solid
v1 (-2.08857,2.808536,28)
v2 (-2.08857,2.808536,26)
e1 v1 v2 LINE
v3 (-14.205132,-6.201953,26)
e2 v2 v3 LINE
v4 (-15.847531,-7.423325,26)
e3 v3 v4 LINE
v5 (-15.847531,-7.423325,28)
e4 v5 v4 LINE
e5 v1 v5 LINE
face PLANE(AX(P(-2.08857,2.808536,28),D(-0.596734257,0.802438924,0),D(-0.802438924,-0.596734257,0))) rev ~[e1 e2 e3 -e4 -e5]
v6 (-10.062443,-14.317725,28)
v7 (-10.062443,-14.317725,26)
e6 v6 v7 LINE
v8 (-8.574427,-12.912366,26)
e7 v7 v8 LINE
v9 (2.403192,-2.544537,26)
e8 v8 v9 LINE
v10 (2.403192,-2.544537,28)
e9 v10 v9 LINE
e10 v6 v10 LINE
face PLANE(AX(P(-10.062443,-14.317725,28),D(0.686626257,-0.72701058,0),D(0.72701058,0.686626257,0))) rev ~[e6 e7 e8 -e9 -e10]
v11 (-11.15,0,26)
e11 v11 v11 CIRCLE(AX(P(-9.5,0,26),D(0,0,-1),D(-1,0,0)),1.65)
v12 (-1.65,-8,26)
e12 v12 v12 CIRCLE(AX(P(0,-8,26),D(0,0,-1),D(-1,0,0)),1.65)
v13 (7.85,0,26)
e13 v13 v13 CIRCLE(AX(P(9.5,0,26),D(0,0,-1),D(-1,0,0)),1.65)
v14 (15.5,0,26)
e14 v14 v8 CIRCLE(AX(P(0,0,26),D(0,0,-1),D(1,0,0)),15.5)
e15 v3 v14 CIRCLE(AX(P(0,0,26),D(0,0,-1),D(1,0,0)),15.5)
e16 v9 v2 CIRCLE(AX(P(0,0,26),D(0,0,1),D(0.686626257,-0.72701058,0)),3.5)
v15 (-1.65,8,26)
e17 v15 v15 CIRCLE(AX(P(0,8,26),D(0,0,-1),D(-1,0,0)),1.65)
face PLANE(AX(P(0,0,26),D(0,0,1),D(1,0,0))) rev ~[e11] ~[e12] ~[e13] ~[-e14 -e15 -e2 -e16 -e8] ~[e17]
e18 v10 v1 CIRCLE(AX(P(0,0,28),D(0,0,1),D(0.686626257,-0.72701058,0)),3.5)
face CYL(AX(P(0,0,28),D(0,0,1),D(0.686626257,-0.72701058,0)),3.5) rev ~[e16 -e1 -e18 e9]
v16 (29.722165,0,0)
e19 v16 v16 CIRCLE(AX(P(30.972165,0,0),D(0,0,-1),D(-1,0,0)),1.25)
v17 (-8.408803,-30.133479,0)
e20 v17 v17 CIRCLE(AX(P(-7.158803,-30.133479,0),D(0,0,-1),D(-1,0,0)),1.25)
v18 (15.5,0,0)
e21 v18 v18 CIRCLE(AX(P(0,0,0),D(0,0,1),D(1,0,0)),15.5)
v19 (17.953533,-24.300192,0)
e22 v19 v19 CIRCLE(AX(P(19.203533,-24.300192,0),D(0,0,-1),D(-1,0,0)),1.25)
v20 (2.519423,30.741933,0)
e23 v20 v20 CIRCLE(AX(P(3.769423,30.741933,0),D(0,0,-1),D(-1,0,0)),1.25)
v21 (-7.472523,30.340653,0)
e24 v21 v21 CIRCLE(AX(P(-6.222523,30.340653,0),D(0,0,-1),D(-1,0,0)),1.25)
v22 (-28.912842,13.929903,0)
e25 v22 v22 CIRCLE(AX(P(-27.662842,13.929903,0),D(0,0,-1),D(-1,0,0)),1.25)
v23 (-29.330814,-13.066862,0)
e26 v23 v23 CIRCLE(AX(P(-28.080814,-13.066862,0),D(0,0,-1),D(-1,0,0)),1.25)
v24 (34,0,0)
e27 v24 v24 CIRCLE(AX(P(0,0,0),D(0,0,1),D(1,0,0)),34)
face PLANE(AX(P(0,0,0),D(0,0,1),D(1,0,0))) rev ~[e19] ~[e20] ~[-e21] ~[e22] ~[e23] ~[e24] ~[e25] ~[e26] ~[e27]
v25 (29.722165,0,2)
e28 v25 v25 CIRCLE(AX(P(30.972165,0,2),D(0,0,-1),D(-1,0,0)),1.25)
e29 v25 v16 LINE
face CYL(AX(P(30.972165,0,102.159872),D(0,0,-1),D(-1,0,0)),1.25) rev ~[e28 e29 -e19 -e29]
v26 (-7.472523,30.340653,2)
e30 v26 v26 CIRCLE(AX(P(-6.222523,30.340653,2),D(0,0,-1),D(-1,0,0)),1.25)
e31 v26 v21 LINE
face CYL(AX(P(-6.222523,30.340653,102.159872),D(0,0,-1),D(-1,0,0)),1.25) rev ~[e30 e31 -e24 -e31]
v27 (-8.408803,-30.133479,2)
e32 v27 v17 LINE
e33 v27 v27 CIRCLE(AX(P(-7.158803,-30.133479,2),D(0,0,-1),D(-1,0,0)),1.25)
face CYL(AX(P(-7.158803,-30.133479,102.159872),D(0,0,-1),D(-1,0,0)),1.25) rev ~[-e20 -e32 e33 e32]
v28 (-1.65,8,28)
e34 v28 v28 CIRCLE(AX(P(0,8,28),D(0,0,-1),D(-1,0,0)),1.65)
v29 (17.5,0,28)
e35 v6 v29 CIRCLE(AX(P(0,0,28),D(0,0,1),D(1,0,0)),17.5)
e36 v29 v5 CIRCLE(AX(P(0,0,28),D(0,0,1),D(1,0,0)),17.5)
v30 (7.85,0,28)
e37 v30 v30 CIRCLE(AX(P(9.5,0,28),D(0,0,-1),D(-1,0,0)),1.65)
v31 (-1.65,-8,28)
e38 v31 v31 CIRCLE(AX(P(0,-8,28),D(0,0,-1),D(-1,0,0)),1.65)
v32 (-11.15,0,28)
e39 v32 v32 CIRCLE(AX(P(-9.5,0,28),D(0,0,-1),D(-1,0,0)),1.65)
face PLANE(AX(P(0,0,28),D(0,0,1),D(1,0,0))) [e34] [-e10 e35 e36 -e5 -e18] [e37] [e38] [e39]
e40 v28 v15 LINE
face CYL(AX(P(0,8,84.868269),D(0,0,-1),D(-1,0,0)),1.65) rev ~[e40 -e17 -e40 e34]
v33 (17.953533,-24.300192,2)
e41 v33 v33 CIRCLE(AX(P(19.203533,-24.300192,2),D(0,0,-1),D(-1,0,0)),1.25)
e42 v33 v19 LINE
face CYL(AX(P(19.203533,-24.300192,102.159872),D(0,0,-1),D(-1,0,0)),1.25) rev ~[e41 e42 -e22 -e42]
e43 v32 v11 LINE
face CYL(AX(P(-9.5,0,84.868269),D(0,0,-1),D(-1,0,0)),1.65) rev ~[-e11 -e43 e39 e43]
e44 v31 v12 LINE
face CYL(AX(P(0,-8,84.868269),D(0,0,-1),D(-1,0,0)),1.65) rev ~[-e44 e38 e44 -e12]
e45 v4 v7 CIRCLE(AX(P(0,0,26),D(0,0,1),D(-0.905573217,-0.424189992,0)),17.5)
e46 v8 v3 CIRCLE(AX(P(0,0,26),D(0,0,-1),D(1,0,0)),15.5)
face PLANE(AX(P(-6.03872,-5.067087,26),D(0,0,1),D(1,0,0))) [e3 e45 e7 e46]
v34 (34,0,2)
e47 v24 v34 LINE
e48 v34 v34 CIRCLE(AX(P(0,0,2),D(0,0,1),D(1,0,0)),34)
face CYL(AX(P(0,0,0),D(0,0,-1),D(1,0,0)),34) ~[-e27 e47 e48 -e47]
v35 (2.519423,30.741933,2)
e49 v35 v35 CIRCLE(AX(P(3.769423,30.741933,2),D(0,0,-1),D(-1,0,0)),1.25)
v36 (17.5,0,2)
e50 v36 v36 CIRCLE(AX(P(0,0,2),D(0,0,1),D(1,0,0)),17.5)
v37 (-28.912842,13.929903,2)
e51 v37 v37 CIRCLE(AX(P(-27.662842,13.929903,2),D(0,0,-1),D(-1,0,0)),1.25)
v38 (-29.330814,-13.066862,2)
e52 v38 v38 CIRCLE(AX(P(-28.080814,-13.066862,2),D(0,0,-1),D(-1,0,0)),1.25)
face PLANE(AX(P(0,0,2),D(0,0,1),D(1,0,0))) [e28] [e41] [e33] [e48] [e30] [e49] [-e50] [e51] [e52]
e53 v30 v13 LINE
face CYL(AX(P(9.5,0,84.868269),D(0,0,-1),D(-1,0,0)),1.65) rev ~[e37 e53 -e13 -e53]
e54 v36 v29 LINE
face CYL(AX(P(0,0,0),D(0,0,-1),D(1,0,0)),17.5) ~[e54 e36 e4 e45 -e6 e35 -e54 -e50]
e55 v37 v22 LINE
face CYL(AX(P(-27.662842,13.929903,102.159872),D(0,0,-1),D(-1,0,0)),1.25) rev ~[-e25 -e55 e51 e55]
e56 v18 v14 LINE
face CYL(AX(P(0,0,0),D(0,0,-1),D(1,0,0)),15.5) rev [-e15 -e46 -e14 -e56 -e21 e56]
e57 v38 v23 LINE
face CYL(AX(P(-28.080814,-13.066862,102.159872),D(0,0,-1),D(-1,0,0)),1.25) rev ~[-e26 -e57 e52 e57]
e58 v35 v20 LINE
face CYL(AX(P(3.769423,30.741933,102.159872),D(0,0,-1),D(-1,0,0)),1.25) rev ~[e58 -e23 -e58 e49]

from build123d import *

# Parameters (mm, degrees)
F2_R      = 17.5
F3_DEPTH  = 28
F4_T      = -2
F6_D      = 3.3
F2_R_2    = 34
F7_DEPTH  = 2
F9_D      = 2.5
F10_DEPTH = 2


with BuildPart() as f3:
    # F2 (on Top) → F3 (new body)
    with BuildSketch(Plane.XY):
        Circle(F2_R)
    extrude(amount=F3_DEPTH)

    # F4
    f4_openings = [f3.faces().sort_by_distance(p)[0] for p in [
        (0, 0, 0),
    ]]
    offset(amount=F4_T, openings=f4_openings)

    # F6 (through all)
    with Locations(Plane.XY.offset(28)):
        with Locations((0, 8), (-9.5, 0), (0, -8), (9.5, 0)):
            Hole(F6_D / 2)

    # F2 (on Top) → F7 (join)
    with BuildSketch(Plane.XY):
        Circle(F2_R_2)
        Circle(F2_R, mode=Mode.SUBTRACT)
    extrude(amount=F7_DEPTH)

    # F9 (through all)
    with Locations(Plane.XY.offset(2)):
        with Locations((-6.2225225174, 30.3406529148), (-27.6628416756, 13.9299029504), (-28.0808143116, -13.0668616498), (-7.1588025741, -30.1334789143), (19.2035334136, -24.3001915673), (30.972165016, 0), (3.7694229457, 30.7419331928)):
            Hole(F9_D / 2)

    # F5 (on face) → F10 (cut, through all)
    with BuildSketch(Plane.XY.offset(28)):
        with BuildLine():
            ThreePointArc((2.4031919002, -2.5445370288), (2.6811555509, 2.2497566339), (-2.0885698997, 2.8085362333))
            Line((-2.0885698997, 2.8085362333), (-15.8475312913, -7.4233248596))
            ThreePointArc((-15.8475312913, -7.4233248596), (-13.4057777546, -11.2487831695), (-10.0624428041, -14.3177248477))
            Line((-10.0624428041, -14.3177248477), (2.4031919002, -2.5445370288))
        make_face()
    extrude(amount=-F10_DEPTH, mode=Mode.SUBTRACT)


solid = f3.part
